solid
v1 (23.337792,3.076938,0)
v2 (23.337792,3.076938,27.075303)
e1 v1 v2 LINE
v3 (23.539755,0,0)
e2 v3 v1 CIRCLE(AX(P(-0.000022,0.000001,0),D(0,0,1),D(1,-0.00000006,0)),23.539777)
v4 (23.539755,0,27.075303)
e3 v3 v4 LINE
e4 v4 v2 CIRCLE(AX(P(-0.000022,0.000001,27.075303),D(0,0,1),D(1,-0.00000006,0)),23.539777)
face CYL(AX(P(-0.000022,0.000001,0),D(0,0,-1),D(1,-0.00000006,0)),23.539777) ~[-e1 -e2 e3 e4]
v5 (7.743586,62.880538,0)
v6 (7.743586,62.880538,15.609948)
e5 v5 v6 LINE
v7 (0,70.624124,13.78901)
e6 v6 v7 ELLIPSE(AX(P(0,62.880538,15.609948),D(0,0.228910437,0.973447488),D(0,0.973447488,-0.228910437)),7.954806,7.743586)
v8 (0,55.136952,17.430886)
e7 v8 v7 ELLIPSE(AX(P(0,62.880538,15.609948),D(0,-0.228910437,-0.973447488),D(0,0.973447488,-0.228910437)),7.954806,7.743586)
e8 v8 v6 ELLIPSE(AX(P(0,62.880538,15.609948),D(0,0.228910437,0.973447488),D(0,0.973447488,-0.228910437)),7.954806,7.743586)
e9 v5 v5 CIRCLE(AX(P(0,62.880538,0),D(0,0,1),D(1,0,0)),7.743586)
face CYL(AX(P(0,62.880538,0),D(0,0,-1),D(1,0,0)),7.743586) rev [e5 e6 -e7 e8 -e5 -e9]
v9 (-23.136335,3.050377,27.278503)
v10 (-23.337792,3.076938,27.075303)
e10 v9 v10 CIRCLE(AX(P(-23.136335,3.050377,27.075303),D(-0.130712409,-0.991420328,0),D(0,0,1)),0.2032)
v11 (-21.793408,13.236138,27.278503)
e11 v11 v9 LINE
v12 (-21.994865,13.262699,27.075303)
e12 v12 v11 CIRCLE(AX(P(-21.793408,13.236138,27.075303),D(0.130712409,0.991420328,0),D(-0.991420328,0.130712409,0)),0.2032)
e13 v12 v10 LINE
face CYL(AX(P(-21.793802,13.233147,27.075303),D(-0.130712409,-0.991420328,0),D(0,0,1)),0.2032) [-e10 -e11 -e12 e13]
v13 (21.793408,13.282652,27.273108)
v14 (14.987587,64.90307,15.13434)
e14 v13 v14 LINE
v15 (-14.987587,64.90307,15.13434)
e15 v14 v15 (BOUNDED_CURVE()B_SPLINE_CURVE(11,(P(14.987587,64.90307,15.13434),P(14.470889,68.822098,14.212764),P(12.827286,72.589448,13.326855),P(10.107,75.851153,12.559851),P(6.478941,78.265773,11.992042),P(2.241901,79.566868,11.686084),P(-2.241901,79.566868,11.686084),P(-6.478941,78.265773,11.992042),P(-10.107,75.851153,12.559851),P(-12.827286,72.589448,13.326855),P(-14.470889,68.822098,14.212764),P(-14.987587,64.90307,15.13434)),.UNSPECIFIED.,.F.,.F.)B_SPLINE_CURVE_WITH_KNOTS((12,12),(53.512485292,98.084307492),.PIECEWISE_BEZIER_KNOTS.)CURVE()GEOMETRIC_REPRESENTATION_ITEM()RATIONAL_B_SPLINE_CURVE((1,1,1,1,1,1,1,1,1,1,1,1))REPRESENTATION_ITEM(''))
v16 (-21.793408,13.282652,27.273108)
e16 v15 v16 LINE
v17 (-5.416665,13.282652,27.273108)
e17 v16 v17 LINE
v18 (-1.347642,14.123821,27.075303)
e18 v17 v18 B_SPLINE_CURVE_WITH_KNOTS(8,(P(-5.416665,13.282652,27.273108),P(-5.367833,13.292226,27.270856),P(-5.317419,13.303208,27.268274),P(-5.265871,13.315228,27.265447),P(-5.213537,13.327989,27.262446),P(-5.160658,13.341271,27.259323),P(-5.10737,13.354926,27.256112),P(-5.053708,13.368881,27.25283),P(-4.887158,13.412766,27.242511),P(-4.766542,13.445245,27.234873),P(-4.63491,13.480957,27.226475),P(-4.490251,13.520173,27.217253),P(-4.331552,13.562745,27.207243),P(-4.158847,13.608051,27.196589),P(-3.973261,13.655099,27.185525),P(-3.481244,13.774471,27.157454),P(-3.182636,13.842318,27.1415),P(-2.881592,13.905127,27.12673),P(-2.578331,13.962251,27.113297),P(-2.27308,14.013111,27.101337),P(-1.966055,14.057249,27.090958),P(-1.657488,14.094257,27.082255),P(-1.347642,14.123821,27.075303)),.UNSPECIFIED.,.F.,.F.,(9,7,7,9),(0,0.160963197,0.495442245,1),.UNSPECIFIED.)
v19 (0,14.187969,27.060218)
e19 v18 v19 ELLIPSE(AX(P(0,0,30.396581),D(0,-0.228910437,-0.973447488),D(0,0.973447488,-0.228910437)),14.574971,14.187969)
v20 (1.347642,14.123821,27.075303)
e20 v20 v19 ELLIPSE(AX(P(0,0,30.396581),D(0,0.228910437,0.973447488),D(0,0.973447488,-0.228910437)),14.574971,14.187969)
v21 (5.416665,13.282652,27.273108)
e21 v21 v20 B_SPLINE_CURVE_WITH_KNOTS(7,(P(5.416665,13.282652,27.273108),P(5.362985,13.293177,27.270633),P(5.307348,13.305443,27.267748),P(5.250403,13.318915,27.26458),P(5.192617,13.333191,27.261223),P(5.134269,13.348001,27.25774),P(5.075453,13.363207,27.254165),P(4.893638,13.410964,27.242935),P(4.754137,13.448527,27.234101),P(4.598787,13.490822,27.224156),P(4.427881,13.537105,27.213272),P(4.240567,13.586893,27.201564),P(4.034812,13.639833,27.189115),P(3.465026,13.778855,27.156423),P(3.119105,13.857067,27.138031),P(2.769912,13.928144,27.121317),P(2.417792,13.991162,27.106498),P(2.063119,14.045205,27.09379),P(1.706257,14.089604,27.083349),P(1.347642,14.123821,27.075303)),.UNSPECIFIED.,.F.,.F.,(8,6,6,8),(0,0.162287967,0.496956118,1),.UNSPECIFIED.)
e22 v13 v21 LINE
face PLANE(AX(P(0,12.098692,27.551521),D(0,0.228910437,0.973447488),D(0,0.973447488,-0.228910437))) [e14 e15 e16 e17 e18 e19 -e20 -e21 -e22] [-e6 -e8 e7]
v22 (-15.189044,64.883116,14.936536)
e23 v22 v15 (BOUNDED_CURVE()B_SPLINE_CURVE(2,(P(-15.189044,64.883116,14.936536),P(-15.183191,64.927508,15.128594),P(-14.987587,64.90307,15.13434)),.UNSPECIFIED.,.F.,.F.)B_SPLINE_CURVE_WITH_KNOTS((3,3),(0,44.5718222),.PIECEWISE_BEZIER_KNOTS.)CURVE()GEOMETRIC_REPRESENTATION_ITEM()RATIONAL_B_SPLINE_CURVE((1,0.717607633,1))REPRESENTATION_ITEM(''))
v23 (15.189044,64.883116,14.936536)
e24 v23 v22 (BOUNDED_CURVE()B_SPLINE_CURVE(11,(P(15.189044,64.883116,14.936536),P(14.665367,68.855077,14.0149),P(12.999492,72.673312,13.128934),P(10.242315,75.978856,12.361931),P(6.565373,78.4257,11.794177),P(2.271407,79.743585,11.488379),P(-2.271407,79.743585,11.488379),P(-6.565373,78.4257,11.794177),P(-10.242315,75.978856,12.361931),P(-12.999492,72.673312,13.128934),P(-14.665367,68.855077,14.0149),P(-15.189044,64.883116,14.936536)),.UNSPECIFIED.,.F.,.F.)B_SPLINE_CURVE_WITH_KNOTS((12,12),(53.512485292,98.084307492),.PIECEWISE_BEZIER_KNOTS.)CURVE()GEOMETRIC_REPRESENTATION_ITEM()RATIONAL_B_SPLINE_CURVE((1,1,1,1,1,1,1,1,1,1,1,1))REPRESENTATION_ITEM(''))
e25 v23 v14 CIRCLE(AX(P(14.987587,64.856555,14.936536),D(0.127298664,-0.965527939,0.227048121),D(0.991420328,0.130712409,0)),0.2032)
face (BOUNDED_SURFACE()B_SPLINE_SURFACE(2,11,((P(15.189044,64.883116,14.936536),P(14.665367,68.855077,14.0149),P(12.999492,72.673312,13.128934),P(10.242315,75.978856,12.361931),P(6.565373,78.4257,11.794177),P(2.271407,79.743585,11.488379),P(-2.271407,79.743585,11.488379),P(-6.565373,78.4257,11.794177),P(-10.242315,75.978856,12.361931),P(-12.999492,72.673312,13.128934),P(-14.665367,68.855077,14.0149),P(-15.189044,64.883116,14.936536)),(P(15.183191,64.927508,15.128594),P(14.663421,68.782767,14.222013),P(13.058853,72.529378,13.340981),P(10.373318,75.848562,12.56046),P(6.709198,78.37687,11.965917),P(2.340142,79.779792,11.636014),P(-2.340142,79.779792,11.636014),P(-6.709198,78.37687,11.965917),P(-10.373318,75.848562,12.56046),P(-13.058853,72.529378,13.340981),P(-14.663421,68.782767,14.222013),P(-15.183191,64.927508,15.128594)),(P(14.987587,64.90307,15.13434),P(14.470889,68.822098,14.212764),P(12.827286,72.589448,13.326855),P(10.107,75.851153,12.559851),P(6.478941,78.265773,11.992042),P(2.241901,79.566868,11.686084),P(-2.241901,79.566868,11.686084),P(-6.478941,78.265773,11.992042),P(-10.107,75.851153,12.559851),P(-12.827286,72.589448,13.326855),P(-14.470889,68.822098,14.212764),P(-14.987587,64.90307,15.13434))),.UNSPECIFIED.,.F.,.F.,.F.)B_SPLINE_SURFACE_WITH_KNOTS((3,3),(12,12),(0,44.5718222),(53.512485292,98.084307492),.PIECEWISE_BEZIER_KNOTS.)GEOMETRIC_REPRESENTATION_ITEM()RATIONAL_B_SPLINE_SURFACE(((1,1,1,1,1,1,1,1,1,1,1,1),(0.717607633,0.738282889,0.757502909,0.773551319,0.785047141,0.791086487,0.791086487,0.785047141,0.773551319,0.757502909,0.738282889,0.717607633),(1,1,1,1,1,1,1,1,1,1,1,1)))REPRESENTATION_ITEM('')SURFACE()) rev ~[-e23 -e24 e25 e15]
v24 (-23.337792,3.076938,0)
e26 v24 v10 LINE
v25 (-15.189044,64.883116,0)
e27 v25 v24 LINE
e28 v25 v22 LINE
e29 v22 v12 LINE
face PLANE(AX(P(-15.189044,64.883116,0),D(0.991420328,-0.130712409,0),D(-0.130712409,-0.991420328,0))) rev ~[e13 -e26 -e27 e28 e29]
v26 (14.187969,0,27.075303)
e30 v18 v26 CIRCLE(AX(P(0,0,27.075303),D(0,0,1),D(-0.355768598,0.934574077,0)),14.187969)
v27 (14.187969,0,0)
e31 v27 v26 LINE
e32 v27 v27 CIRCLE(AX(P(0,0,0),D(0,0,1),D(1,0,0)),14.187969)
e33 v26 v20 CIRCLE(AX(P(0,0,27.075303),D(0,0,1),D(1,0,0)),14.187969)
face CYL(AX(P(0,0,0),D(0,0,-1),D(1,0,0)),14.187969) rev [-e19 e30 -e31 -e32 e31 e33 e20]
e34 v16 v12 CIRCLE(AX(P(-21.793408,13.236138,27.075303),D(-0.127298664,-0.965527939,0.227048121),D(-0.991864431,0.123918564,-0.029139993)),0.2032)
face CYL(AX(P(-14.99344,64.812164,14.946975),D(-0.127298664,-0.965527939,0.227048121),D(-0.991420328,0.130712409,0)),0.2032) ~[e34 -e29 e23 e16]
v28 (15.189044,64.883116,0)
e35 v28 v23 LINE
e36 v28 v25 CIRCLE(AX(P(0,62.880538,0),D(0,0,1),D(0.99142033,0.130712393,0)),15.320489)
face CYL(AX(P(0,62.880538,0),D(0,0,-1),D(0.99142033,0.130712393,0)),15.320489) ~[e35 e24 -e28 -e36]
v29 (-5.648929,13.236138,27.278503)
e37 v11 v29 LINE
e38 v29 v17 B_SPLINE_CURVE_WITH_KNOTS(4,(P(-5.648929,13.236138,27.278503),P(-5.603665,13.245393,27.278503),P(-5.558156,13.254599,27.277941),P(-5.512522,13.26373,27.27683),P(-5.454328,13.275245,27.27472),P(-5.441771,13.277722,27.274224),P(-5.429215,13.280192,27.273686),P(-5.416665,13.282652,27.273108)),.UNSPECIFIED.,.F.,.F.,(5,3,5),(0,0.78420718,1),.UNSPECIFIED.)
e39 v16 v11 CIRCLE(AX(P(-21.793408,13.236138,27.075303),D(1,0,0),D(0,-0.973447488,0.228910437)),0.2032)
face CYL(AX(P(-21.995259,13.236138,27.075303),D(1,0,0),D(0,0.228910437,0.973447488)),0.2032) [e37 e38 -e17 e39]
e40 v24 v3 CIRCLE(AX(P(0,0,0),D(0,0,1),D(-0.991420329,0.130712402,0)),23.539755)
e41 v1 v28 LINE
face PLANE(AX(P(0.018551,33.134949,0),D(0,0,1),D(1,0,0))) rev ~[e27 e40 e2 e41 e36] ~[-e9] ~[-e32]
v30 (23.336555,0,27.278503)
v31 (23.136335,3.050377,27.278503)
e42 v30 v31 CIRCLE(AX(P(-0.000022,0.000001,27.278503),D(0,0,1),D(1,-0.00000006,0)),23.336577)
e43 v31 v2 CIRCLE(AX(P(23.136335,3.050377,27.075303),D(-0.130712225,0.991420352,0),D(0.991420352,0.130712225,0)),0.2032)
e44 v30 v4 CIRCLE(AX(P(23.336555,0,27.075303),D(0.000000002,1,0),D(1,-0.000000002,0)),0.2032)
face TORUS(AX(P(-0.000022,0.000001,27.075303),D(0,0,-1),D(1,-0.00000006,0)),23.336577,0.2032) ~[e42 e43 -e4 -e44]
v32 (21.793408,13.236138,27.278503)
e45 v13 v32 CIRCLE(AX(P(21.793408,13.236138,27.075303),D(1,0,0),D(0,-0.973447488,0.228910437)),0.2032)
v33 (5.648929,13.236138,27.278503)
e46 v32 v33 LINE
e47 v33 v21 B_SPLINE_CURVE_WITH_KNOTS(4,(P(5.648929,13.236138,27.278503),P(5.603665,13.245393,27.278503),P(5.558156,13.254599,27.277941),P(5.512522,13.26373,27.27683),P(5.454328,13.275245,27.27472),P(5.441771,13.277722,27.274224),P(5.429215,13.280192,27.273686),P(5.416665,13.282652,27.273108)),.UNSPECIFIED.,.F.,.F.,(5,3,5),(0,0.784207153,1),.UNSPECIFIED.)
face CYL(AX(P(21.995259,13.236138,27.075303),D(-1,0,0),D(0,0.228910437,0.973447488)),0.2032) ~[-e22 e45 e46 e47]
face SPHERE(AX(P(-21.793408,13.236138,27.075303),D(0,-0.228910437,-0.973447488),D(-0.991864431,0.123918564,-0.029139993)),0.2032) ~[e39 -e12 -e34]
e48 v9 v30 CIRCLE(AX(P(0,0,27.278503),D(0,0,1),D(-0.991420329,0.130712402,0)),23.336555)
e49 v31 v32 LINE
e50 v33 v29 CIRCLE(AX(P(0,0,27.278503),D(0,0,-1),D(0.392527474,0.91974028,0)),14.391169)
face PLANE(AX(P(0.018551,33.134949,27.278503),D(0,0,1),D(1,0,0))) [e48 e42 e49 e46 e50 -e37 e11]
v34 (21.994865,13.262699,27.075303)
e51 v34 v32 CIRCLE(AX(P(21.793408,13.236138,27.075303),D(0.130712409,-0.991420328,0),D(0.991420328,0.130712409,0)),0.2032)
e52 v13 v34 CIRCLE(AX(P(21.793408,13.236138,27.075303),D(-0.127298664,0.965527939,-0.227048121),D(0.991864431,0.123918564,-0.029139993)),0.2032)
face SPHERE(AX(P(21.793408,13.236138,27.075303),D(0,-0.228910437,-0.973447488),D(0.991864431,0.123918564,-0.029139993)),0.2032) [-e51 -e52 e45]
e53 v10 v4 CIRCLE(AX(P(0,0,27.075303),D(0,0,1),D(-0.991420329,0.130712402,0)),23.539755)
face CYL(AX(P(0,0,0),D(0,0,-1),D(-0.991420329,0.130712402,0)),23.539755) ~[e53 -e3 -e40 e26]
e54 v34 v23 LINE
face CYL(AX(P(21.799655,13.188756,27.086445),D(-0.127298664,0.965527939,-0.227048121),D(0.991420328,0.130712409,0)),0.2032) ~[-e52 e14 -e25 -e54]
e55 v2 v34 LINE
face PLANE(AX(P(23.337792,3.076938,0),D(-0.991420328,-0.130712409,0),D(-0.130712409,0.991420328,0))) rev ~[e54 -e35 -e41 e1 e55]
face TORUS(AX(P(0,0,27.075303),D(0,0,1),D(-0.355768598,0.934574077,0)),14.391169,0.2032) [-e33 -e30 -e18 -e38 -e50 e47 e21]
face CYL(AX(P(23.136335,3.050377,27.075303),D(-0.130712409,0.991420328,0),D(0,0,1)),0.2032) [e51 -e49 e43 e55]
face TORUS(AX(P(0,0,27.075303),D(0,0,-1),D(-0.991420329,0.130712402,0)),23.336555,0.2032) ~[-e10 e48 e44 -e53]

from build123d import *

# Parameters (mm, degrees)
F0_R          = 14.187969
F0_R_2        = 7.743586
F1_DEPTH      = 27.278503
F4_DEPTH      = 70.82668
F4_DEPTH_BACK = 25.4
F5_R          = 0.2032


with BuildPart() as f1:
    # F0 (on Top) → F1 (new body)
    with BuildSketch(Plane.XY):
        with BuildLine():
            ThreePointArc((-23.337792, 3.076938), (0, 23.539755), (23.337792, 3.076938))
            Line((23.337792, 3.076938), (15.189044, 64.883116))
            ThreePointArc((15.189044, 64.883116), (15.287592, 63.883982), (15.320488, 62.880538))
            ThreePointArc((15.320488, 62.880538), (-1.003444, 47.592947), (-15.189044, 64.883116))
            Line((-15.189044, 64.883116), (-23.337792, 3.076938))
        make_face()
        with BuildLine():
            ThreePointArc((-23.337792, 3.076938), (-1.54178, -23.48921), (23.539755, 0))
            ThreePointArc((23.539755, 0), (23.48921, 1.54178), (23.337792, 3.076938))
            ThreePointArc((23.337792, 3.076938), (0, 23.539755), (-23.337792, 3.076938))
        make_face()
        Circle(F0_R, mode=Mode.SUBTRACT)
        with BuildLine():
            ThreePointArc((15.320488, 62.880538), (15.287592, 63.883982), (15.189044, 64.883116))
            ThreePointArc((15.189044, 64.883116), (0, 78.201027), (-15.189044, 64.883116))
            ThreePointArc((-15.189044, 64.883116), (-1.003444, 47.592947), (15.320488, 62.880538))
        make_face()
        with Locations((0, 62.880538)):
            Circle(F0_R_2, mode=Mode.SUBTRACT)
    extrude(amount=F1_DEPTH)

    # F3 (on Right) → F4 (cut, two sides)
    with BuildSketch(Plane.YZ) as f4_sk:
        Polygon((98.717824, 27.551521), (12.098692, 27.551521), (98.717824, 7.182653), align=None)
    extrude(amount=F4_DEPTH, mode=Mode.SUBTRACT)
    extrude(f4_sk.sketch, amount=-F4_DEPTH_BACK, mode=Mode.SUBTRACT)

    # F5
    f5_edges = [f1.edges().sort_by_distance(p)[0] for p in [
        (-8.052412, -11.681487, 27.278503),
        (-1.54178, -23.48921, 27.278503),
        (18.592151, 39.071411, 21.208768),
        (-13.521451, 13.259705, 27.278503),
        (13.521451, 13.259705, 27.278503),
    ]]
    fillet(f5_edges, radius=F5_R)


solid = f1.part
